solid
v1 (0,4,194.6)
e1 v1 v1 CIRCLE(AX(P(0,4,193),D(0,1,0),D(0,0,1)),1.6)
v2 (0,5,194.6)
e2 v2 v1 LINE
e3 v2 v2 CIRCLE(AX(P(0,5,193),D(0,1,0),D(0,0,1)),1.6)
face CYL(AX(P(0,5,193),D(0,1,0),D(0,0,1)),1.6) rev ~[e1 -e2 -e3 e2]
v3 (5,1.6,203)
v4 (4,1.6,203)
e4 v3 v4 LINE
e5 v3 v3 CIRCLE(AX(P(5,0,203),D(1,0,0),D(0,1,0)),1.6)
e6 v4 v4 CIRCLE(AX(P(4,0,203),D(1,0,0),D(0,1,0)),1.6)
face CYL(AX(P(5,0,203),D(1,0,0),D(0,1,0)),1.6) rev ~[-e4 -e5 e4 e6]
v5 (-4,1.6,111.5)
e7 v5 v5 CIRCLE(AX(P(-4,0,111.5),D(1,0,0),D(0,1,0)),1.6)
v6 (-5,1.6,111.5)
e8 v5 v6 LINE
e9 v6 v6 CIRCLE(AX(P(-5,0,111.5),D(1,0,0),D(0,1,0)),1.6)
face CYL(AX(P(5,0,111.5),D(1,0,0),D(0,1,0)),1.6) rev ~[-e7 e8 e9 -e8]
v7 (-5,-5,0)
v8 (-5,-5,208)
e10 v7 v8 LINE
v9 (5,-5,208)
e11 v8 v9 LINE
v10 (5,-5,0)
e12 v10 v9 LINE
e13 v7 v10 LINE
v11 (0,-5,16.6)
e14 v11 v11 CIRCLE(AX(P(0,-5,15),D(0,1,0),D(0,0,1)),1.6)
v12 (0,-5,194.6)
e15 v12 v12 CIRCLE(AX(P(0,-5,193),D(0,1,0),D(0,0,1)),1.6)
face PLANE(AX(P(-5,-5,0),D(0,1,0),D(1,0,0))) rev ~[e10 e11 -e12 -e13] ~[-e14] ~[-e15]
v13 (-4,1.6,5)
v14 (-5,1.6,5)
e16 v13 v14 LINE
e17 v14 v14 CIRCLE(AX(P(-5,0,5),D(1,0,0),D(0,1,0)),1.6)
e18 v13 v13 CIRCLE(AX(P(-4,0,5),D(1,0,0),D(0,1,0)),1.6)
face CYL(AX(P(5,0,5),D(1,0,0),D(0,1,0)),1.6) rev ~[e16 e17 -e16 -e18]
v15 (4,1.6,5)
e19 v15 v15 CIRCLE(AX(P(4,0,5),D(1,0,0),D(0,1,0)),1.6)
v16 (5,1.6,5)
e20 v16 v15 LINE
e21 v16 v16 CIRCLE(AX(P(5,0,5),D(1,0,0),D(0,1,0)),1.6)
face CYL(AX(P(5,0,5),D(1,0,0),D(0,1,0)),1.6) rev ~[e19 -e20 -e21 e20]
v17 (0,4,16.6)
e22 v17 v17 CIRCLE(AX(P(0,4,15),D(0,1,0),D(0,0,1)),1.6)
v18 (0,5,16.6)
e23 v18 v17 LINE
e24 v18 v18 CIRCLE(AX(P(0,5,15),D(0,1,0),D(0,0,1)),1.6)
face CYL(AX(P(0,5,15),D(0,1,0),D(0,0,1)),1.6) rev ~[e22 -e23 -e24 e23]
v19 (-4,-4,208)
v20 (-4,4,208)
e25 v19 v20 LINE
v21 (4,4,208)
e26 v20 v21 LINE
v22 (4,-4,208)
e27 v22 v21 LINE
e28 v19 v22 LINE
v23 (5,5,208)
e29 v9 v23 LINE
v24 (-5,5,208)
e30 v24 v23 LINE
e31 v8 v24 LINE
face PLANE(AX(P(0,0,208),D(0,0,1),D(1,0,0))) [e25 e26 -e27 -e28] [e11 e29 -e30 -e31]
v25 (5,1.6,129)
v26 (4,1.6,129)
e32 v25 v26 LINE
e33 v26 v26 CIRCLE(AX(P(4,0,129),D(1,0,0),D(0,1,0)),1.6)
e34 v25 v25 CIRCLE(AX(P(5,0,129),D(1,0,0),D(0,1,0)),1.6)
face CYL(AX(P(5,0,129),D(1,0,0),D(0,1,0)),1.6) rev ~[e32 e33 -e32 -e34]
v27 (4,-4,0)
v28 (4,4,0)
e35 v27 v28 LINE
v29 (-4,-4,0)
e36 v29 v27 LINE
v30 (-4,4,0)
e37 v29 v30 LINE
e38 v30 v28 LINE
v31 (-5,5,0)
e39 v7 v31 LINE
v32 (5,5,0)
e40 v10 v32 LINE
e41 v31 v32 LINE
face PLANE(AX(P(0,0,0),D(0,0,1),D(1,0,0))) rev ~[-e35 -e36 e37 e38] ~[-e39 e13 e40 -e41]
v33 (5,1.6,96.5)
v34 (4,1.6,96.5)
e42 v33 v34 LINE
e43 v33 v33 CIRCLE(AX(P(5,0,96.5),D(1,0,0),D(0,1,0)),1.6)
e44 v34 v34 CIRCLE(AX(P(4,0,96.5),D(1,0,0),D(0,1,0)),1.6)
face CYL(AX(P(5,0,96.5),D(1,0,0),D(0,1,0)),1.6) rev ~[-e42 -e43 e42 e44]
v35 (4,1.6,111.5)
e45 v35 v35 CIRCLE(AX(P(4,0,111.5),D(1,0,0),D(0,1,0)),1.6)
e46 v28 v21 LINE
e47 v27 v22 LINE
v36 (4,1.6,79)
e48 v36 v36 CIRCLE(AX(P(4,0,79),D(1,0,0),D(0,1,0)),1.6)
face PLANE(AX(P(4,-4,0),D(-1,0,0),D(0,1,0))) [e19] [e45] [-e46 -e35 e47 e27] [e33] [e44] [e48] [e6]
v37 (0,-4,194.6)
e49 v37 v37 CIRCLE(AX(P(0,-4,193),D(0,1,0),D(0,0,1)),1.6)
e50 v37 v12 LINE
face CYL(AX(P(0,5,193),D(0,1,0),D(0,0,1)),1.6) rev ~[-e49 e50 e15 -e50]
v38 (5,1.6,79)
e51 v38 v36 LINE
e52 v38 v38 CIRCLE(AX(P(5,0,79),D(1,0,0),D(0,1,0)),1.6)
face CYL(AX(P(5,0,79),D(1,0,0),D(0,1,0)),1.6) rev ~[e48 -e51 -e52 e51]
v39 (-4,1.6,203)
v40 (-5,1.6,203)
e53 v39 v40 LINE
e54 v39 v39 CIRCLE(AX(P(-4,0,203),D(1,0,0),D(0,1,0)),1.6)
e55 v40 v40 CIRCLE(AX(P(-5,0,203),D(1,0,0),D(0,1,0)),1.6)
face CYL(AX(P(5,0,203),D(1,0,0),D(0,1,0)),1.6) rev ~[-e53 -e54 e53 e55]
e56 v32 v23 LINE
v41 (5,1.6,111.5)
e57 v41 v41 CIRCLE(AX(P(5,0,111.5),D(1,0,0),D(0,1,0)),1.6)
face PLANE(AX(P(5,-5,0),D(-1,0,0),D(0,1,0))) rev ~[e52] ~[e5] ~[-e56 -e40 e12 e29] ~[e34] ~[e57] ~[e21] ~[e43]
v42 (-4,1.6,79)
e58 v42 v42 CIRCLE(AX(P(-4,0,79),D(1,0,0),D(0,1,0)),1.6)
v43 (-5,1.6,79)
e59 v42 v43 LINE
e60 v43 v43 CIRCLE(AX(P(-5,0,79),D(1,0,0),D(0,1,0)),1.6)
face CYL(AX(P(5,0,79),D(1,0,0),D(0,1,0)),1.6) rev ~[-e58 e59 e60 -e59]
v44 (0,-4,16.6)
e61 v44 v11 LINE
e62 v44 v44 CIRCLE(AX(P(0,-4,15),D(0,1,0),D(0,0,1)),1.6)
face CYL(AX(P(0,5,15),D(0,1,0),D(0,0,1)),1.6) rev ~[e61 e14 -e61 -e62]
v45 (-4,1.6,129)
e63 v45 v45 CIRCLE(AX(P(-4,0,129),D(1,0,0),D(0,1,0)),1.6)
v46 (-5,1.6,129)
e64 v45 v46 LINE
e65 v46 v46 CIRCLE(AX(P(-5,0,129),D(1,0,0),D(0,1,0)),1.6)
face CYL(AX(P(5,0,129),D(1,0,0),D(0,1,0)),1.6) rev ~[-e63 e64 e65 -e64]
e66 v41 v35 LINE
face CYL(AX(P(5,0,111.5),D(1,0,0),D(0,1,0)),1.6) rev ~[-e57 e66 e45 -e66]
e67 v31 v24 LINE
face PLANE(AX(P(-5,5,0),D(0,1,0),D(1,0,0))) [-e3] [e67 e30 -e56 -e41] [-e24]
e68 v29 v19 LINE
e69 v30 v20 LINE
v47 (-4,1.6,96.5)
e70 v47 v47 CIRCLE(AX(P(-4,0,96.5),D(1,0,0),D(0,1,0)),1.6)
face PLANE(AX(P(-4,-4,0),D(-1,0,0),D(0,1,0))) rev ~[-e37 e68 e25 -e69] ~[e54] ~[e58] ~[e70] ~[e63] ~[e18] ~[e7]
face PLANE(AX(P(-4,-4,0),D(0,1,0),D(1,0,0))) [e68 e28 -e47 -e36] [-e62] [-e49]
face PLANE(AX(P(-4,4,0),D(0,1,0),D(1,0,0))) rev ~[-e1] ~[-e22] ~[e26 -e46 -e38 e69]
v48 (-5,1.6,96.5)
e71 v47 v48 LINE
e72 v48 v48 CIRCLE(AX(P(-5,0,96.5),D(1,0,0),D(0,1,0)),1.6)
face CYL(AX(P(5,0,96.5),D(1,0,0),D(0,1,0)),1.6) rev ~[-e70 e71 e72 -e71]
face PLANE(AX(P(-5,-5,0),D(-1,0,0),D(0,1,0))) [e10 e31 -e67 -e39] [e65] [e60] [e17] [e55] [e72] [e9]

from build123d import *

# Parameters (mm, degrees)
SKETCH_1_W          = 10
SKETCH_1_H          = 10
SKETCH_1_W_2        = 8
SKETCH_1_H_2        = 8
EXTRUDE_1_DEPTH     = 208
SKETCH_2_R          = 1.6
CUT_EXTRUDE_1_DEPTH = 209.300264042
SKETCH_3_R          = 1.6
CUT_EXTRUDE_2_DEPTH = 209.300264042
SKETCH_4_R          = 1.6
CUT_EXTRUDE_3_DEPTH = 209.300264042


with BuildPart() as part:
    # ｽｹｯﾁ1 → ﾎﾞｽ - 押し出し1 (new body)
    with BuildSketch(Plane.XY):
        Rectangle(SKETCH_1_W, SKETCH_1_H)
        Rectangle(SKETCH_1_W_2, SKETCH_1_H_2, mode=Mode.SUBTRACT)
    extrude(amount=EXTRUDE_1_DEPTH)

    # ｽｹｯﾁ2 → ｶｯﾄ - 押し出し1 (cut, through all)
    with BuildSketch(Plane(origin=(5, 0, 0), x_dir=(0, 0, -1), z_dir=(1, 0, 0))):
        with Locations(Location((-203, 0, 0), (0, 0, 90))):
            Circle(SKETCH_2_R)
        with Locations(Location((-111.5, 0, 0), (0, 0, 90))):
            Circle(SKETCH_2_R)
        with Locations(Location((-96.5, 0, 0), (0, 0, 90))):
            Circle(SKETCH_2_R)
        with Locations(Location((-5, 0, 0), (0, 0, 90))):
            Circle(SKETCH_2_R)
    extrude(amount=-CUT_EXTRUDE_1_DEPTH, mode=Mode.SUBTRACT)

    # ｽｹｯﾁ3 → ｶｯﾄ - 押し出し2 (cut, through all)
    with BuildSketch(Plane(origin=(0, 5, 0), x_dir=(1, 0, 0), z_dir=(0, 1, 0))):
        with Locations(Location((0, -193, 0), (0, 0, 270))):
            Circle(SKETCH_3_R)
        with Locations(Location((0, -15, 0), (0, 0, 270))):
            Circle(SKETCH_3_R)
    extrude(amount=-CUT_EXTRUDE_2_DEPTH, mode=Mode.SUBTRACT)

    # ｽｹｯﾁ4 → ｶｯﾄ - 押し出し3 (cut, through all)
    with BuildSketch(Plane(origin=(5, 0, 0), x_dir=(0, 0, -1), z_dir=(1, 0, 0))):
        with Locations(Location((-129, 0, 0), (0, 0, 90))):
            Circle(SKETCH_4_R)
        with Locations(Location((-79, 0, 0), (0, 0, 90))):
            Circle(SKETCH_4_R)
    extrude(amount=-CUT_EXTRUDE_3_DEPTH, mode=Mode.SUBTRACT)


solid = part.part
